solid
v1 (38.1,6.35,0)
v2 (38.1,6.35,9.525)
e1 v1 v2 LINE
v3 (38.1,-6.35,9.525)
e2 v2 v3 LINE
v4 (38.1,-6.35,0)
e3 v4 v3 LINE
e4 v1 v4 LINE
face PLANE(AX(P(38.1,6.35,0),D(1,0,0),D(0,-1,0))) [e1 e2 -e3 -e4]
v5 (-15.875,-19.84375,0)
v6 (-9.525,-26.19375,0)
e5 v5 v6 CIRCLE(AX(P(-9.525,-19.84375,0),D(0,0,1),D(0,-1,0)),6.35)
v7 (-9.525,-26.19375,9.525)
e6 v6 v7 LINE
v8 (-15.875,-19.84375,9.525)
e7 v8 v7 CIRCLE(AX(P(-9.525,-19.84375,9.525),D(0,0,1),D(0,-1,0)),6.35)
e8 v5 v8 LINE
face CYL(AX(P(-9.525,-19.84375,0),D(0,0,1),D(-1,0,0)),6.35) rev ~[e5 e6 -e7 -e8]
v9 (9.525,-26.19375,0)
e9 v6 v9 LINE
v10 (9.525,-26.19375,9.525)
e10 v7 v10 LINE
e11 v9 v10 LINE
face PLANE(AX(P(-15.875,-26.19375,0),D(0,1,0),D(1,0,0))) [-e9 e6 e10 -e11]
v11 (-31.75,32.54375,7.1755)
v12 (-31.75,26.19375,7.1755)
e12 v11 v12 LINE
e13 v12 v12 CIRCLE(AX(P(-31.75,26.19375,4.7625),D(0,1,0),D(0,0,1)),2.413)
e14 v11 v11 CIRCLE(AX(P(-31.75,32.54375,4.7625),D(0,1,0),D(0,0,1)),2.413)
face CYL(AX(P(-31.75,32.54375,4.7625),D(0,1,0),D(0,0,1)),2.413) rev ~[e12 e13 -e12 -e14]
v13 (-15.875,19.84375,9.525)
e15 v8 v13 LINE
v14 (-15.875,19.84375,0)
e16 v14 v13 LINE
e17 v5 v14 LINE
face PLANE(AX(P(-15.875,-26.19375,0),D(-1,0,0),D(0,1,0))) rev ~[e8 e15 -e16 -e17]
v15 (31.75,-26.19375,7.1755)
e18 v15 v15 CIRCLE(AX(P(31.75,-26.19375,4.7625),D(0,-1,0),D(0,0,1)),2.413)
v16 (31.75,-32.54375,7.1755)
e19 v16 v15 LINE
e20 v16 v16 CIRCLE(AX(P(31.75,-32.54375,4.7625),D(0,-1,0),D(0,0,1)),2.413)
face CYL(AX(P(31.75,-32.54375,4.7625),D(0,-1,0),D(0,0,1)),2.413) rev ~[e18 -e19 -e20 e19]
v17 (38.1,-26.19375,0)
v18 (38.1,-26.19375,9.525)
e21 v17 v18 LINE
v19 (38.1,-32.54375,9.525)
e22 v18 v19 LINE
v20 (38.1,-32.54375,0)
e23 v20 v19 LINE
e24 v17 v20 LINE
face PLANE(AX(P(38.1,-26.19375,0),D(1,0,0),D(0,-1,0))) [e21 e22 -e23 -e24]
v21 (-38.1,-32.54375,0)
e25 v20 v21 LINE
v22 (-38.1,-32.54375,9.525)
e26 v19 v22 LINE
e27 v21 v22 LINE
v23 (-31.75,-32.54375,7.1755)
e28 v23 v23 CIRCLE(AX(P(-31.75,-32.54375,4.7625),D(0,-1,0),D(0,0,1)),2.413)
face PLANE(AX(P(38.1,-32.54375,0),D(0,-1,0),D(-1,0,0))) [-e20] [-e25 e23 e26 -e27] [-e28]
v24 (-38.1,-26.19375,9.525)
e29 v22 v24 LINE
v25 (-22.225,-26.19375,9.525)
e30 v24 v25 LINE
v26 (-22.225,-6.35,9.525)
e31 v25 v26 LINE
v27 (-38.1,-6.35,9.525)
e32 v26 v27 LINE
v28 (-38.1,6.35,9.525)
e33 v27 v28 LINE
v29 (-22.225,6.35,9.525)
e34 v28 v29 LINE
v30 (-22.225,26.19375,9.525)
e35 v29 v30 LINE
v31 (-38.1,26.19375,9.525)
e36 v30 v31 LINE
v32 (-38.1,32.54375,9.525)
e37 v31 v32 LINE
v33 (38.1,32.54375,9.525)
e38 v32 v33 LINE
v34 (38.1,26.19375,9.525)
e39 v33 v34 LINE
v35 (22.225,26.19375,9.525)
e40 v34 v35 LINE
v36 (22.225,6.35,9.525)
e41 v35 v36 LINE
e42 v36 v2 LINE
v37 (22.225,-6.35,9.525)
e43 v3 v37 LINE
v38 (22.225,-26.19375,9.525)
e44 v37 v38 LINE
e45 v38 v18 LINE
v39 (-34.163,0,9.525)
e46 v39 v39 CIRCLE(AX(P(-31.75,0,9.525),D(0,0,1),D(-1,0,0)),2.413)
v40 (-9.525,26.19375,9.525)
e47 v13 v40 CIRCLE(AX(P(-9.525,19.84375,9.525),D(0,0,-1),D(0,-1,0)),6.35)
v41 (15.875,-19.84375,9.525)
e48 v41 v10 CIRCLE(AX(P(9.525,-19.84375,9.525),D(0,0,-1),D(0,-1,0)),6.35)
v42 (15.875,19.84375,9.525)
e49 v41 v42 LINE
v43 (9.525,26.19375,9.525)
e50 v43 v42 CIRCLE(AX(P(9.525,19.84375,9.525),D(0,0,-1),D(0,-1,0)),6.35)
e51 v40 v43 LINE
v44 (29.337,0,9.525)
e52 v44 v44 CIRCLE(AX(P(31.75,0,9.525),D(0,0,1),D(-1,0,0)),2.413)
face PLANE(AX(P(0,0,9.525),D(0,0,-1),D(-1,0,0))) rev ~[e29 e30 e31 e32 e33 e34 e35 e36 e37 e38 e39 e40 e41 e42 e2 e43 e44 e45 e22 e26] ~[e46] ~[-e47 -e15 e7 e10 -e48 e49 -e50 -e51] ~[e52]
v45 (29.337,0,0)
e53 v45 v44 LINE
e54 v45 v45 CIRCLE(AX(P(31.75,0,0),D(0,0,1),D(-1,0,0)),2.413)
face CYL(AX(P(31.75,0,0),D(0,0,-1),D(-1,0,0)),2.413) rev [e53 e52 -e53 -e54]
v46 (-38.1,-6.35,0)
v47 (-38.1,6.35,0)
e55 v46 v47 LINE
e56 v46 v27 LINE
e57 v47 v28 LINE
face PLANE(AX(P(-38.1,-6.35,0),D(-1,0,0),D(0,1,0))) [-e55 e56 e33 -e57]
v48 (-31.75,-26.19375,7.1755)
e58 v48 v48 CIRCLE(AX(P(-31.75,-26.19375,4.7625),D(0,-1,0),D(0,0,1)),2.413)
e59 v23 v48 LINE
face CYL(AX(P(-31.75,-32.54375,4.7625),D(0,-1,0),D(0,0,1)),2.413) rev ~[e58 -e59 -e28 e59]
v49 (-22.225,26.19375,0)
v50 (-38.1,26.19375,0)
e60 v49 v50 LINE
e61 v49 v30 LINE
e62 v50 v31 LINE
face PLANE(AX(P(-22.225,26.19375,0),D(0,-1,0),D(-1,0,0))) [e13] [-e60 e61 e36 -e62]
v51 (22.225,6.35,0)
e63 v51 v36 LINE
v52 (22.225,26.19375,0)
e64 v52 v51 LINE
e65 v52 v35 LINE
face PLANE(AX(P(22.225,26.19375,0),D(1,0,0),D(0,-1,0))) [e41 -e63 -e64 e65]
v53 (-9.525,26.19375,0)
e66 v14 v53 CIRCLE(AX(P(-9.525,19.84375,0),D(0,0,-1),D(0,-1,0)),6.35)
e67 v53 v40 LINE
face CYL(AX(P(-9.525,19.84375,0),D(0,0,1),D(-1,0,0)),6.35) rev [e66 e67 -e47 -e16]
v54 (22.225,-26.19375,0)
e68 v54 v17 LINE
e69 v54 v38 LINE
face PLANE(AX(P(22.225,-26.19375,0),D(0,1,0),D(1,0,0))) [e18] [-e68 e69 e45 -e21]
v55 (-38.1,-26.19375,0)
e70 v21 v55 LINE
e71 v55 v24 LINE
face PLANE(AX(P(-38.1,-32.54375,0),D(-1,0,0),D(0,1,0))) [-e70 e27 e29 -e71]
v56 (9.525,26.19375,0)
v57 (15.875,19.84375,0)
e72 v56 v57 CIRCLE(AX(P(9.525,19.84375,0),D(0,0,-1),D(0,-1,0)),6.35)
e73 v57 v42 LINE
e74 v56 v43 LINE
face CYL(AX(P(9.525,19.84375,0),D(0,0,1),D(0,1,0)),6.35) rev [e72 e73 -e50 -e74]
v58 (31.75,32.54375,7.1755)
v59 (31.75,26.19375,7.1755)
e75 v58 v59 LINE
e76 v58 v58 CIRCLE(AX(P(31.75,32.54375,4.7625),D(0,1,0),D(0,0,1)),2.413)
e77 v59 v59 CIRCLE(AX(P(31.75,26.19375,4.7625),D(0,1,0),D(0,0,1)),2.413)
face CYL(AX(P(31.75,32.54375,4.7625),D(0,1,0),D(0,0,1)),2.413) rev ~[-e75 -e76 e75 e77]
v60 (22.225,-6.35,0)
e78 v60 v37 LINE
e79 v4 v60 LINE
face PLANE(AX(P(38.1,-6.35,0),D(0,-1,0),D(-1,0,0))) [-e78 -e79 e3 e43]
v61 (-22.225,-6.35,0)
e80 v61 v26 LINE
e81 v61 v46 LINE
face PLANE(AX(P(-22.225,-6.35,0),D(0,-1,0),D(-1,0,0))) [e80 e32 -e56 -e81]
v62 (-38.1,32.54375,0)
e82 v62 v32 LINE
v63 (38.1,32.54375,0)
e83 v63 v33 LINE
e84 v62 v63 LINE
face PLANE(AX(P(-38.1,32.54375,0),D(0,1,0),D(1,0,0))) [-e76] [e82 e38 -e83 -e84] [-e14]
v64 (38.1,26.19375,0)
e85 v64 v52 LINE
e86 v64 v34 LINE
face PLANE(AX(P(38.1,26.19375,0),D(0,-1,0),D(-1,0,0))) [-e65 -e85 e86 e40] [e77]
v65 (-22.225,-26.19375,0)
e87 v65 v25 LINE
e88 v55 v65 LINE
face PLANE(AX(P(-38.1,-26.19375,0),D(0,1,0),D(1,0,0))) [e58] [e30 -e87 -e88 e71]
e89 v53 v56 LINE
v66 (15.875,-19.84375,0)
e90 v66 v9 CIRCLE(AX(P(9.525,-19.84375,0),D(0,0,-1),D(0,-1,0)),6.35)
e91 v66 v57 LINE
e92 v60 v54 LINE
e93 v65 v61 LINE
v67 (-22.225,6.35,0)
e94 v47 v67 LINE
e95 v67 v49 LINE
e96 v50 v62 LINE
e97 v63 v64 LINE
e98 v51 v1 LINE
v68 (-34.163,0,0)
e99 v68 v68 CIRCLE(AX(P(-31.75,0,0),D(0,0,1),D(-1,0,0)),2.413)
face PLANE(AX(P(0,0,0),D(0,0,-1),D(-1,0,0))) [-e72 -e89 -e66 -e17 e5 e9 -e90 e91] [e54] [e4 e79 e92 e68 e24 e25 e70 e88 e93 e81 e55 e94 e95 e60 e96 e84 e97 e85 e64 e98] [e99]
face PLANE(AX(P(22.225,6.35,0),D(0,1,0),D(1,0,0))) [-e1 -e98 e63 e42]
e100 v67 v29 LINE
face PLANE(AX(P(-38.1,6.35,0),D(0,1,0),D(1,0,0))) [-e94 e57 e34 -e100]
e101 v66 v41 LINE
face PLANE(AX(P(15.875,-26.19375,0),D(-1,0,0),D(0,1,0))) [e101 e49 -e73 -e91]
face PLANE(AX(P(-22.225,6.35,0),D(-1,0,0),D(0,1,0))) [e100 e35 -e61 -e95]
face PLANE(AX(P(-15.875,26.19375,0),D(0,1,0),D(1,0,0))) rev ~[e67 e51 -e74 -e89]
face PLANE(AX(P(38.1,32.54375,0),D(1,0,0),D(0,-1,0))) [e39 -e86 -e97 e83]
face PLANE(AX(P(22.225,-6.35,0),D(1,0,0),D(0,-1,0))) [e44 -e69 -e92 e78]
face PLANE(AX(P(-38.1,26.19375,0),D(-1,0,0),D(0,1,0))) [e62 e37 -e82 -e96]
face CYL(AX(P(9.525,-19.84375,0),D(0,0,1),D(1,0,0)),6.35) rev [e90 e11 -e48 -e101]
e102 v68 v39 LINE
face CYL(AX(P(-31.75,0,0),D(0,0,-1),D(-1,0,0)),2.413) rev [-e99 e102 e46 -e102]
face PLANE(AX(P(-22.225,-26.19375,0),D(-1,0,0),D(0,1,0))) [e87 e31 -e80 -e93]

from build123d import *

# Parameters (mm, degrees)
SKETCH2_R           = 2.413
SKETCH2_W           = 31.75
SKETCH2_H           = 52.3875
BOSS_EXTRUDE1_DEPTH = 9.525
FILLET1_R           = 6.35
CUT_EXTRUDE1_REACH  = 78.018
SKETCH3_R           = 2.413
CUT_EXTRUDE2_REACH  = 78.018
SKETCH4_R           = 2.413


with BuildPart() as part:
    # Sketch2 → Boss-Extrude1 (new body)
    with BuildSketch(Plane.XY):
        Polygon((-22.225, -26.19375), (-22.225, -6.35), (-38.1, -6.35), (-38.1, 6.35), (-22.225, 6.35), (-22.225, 26.19375), (-38.1, 26.19375), (-38.1, 32.54375), (38.1, 32.54375), (38.1, 26.19375), (22.225, 26.19375), (22.225, 6.35), (38.1, 6.35), (38.1, -6.35), (22.225, -6.35), (22.225, -26.19375), (38.1, -26.19375), (38.1, -32.54375), (-38.1, -32.54375), (-38.1, -26.19375), align=None)
        with Locations(Location((-31.75, 0, 0), (0, 0, 180))):
            Circle(SKETCH2_R, mode=Mode.SUBTRACT)
        with Locations(Location((31.75, 0, 0), (0, 0, 180))):
            Circle(SKETCH2_R, mode=Mode.SUBTRACT)
        Rectangle(SKETCH2_W, SKETCH2_H, mode=Mode.SUBTRACT)
    extrude(amount=BOSS_EXTRUDE1_DEPTH)

    # Fillet1
    fillet1_edges = [part.edges().sort_by_distance(p)[0] for p in [
        (-15.875, 26.19375, 4.7625),
        (-15.875, -26.19375, 4.7625),
        (15.875, -26.19375, 4.7625),
        (15.875, 26.19375, 4.7625),
    ]]
    fillet(fillet1_edges, radius=FILLET1_R)

    # Sketch3 → Cut-Extrude1 (cut, up to next)
    with BuildSketch(Plane(origin=(0, 32.54375, 0), x_dir=(1, 0, 0), z_dir=(0, 1, 0)), mode=Mode.PRIVATE) as cut_extrude1_sk1:
        with Locations(Location((-31.75, -4.7625, 0), (0, 0, 270))):
            Circle(SKETCH3_R)
    cut_extrude1_tool1 = extrude(cut_extrude1_sk1.sketch, amount=-CUT_EXTRUDE1_REACH, mode=Mode.PRIVATE) & part.part
    # Sketch3 → Cut-Extrude1 (cut, up to next)
    with BuildSketch(Plane(origin=(0, 32.54375, 0), x_dir=(1, 0, 0), z_dir=(0, 1, 0)), mode=Mode.PRIVATE) as cut_extrude1_sk2:
        with Locations(Location((31.75, -4.7625, 0), (0, 0, 270))):
            Circle(SKETCH3_R)
    cut_extrude1_tool2 = extrude(cut_extrude1_sk2.sketch, amount=-CUT_EXTRUDE1_REACH, mode=Mode.PRIVATE) & part.part
    add(cut_extrude1_tool1.solids().sort_by_distance((-31.75, 32.54375, 4.7625))[0], mode=Mode.SUBTRACT)
    add(cut_extrude1_tool2.solids().sort_by_distance((31.75, 32.54375, 4.7625))[0], mode=Mode.SUBTRACT)

    # Sketch4 → Cut-Extrude2 (cut, up to next)
    with BuildSketch(Plane.XZ.offset(32.54375), mode=Mode.PRIVATE) as cut_extrude2_sk1:
        with Locations(Location((-31.75, 4.7625, 0), (0, 0, 90))):
            Circle(SKETCH4_R)
    cut_extrude2_tool1 = extrude(cut_extrude2_sk1.sketch, amount=-CUT_EXTRUDE2_REACH, mode=Mode.PRIVATE) & part.part
    # Sketch4 → Cut-Extrude2 (cut, up to next)
    with BuildSketch(Plane.XZ.offset(32.54375), mode=Mode.PRIVATE) as cut_extrude2_sk2:
        with Locations(Location((31.75, 4.7625, 0), (0, 0, 90))):
            Circle(SKETCH4_R)
    cut_extrude2_tool2 = extrude(cut_extrude2_sk2.sketch, amount=-CUT_EXTRUDE2_REACH, mode=Mode.PRIVATE) & part.part
    add(cut_extrude2_tool1.solids().sort_by_distance((-31.75, -32.54375, 4.7625))[0], mode=Mode.SUBTRACT)
    add(cut_extrude2_tool2.solids().sort_by_distance((31.75, -32.54375, 4.7625))[0], mode=Mode.SUBTRACT)


solid = part.part
